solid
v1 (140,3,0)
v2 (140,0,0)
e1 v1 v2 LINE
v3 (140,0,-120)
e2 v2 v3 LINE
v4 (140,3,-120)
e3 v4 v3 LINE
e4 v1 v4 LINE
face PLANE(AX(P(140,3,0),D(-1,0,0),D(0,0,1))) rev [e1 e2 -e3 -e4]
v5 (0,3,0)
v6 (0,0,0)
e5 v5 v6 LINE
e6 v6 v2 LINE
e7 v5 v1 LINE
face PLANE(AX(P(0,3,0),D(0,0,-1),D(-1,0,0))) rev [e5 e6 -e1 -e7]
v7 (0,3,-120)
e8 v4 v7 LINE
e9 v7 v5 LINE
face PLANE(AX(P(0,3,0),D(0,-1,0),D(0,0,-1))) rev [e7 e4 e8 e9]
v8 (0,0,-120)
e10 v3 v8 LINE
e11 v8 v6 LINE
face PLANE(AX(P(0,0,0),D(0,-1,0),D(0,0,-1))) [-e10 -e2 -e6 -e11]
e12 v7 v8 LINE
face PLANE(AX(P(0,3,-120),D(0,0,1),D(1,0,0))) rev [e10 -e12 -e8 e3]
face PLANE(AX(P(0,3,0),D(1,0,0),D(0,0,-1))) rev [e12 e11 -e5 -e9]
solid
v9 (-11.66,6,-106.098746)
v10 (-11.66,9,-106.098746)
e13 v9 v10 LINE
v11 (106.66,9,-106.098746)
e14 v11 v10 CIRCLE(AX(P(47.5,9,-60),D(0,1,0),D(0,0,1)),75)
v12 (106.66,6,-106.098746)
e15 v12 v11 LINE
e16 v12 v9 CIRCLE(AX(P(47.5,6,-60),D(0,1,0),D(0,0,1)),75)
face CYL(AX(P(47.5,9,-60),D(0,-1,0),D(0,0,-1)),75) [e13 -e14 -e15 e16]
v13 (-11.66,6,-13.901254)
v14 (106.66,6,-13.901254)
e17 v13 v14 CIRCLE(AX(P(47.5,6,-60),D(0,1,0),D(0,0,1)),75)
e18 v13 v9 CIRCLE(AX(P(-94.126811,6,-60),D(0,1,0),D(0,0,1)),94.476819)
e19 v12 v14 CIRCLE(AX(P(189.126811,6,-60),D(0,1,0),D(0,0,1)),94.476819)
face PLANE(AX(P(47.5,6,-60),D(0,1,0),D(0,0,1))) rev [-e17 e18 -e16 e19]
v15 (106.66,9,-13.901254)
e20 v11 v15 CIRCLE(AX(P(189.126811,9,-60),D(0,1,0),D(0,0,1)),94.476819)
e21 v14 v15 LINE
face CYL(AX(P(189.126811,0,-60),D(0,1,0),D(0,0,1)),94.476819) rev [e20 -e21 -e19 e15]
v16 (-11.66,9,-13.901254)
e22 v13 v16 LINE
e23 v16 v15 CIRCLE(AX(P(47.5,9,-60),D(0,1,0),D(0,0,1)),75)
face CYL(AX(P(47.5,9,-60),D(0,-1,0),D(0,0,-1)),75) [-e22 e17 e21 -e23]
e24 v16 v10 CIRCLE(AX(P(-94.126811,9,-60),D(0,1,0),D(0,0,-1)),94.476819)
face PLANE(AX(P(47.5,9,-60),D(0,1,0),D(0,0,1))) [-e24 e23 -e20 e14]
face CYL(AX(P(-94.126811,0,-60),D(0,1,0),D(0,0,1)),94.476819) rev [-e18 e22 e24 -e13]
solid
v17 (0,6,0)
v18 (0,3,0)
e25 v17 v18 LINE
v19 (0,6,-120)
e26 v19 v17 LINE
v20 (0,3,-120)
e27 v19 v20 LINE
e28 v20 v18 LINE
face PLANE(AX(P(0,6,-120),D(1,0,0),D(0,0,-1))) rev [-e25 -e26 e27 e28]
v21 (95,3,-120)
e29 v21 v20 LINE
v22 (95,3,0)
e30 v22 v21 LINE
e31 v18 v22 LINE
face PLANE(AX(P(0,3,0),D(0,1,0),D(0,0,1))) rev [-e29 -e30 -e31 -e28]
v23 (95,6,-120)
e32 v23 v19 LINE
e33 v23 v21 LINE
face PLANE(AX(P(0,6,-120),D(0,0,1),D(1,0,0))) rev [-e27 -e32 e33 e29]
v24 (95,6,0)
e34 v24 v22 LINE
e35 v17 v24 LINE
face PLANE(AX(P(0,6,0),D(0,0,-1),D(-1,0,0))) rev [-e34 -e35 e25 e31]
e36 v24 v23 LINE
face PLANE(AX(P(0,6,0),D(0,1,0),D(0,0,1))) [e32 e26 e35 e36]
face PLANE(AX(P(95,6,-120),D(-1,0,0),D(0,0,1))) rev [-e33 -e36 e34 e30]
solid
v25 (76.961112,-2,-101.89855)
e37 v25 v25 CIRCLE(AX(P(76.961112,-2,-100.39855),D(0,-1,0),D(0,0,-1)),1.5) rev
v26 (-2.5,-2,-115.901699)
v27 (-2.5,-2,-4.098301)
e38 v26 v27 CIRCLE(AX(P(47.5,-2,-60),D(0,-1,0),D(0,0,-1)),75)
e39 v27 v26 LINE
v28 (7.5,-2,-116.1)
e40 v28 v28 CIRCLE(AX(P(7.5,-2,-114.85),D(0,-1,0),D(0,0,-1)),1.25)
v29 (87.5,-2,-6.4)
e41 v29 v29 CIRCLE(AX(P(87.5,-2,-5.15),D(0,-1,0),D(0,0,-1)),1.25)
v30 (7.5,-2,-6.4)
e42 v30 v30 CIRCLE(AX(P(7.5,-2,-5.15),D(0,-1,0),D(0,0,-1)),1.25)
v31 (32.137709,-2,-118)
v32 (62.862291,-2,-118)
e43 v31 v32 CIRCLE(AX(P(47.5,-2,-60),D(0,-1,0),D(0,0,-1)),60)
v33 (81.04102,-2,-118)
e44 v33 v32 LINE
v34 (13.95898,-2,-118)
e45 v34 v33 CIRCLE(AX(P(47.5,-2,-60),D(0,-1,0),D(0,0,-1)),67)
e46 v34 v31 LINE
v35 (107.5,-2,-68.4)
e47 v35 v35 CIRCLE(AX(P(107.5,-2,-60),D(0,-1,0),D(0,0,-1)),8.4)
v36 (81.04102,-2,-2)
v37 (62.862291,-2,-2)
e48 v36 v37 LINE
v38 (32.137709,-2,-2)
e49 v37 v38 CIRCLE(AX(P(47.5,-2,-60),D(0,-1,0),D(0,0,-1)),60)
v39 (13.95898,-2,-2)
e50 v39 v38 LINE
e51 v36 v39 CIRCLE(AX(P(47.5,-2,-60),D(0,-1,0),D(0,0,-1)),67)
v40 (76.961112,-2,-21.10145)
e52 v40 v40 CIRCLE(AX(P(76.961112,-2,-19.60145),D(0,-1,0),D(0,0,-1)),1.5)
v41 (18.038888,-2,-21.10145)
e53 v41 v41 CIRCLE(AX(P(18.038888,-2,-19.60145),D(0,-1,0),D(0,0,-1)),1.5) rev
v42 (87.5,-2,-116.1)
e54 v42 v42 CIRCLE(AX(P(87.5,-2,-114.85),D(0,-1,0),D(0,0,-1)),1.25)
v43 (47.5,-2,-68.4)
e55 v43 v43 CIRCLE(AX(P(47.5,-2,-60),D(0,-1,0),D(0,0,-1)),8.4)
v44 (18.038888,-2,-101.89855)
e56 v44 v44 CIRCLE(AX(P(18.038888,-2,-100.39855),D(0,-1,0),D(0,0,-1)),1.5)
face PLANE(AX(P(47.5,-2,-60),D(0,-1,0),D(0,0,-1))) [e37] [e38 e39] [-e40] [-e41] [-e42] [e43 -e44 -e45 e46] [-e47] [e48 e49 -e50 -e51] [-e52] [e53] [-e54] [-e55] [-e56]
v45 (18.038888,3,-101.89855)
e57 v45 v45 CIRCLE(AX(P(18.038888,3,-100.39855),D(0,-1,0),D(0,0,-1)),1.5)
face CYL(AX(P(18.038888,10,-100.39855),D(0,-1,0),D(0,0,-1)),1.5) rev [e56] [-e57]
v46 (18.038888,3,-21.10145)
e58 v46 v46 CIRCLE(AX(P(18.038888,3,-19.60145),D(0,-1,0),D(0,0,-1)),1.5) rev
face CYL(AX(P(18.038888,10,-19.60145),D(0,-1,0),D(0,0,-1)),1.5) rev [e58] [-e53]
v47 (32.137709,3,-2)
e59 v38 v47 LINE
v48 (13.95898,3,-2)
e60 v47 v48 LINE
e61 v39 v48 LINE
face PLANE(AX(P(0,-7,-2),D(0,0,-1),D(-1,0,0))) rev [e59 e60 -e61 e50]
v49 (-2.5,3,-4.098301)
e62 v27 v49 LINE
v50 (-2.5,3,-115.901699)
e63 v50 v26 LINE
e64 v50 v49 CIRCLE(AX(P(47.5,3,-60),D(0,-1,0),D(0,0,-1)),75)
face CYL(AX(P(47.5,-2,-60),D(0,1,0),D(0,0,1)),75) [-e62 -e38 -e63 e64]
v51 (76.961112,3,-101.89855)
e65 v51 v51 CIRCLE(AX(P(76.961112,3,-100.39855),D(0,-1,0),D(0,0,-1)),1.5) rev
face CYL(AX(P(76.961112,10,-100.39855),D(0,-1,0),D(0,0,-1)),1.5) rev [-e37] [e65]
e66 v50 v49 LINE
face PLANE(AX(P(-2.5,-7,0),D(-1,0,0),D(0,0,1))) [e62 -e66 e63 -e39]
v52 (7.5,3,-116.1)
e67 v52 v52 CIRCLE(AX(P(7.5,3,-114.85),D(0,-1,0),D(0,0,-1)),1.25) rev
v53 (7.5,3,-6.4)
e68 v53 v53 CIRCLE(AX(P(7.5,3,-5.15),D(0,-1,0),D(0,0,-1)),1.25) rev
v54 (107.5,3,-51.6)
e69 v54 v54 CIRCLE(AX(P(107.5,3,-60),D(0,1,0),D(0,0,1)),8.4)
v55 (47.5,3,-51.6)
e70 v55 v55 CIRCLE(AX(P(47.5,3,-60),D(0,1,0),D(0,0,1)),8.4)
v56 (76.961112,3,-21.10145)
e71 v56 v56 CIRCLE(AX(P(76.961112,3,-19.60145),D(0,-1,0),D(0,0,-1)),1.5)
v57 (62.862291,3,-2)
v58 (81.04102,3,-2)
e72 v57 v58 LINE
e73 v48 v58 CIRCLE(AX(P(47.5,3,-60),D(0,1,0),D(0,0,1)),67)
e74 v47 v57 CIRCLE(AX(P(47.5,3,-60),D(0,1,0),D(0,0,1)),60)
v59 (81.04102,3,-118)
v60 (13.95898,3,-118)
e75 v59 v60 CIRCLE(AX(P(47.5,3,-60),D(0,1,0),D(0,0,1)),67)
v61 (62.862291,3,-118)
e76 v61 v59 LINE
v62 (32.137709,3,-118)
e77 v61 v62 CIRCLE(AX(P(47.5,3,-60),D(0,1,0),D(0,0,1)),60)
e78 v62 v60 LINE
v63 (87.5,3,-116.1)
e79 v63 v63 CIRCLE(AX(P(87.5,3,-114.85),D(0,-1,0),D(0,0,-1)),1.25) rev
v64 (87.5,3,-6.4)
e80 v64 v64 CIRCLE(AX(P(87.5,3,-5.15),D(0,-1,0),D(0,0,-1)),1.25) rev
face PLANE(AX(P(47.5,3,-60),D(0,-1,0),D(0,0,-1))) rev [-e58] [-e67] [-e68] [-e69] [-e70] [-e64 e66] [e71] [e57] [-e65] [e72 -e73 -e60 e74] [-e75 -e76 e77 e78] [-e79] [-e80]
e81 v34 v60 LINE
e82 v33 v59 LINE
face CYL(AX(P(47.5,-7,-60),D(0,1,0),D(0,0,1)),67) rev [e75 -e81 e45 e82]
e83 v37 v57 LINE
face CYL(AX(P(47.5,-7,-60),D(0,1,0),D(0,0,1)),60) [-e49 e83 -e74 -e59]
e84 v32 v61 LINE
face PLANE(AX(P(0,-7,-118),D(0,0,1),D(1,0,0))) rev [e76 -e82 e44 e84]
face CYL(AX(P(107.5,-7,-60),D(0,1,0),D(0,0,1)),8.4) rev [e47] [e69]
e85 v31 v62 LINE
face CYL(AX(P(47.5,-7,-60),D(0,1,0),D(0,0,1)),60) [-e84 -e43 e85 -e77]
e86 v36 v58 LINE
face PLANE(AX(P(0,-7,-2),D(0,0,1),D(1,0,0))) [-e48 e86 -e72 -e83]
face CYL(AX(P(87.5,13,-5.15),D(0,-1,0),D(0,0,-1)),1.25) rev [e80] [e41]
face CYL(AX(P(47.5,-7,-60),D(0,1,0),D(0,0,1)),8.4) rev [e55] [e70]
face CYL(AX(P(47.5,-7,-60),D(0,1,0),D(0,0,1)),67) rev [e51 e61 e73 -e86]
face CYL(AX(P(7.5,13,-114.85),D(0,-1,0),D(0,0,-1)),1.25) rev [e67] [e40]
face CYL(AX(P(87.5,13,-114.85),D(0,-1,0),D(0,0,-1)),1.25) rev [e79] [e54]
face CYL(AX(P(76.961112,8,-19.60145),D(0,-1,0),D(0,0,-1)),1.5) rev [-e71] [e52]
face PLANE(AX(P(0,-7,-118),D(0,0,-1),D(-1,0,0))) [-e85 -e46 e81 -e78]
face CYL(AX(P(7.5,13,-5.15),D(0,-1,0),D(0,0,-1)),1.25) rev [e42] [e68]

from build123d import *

# Parameters (mm, degrees)
SKETCH1_W                   = 140
SKETCH1_H                   = 120
COMPACT_DEPTH               = 3
SKETCH4_W                   = 95
SKETCH4_H                   = 120
SUPERCOMPACT_DEPTH          = 3
SKETCH7_R                   = 75
APPLE_BASE_DEPTH            = 3
SIDECUTS_DEPTH              = 195.694632694
APPLE_BASE_2_DEPTH          = 3
BOSS_EXTRUDE4_DEPTH         = 3
BASE_PLATE_FILLET_R         = 0.001
TOP_BOTTOM_EXTENSIONS_DEPTH = 3
SKETCH35_R                  = 1.25
SPACERHOLES_DEPTH           = 10
CUT_EXTRUDE4_DEPTH          = 10
SKETCH39_R                  = 75
SKETCH39_R_2                = 1.25
BOSS_EXTRUDE5_DEPTH         = 5
CUT_EXTRUDE5_DEPTH          = 150
SKETCH41_R                  = 8.4
CUT_EXTRUDE6_DEPTH          = 10
SKETCH44_R                  = 8.4
CUT_EXTRUDE7_DEPTH          = 10
SKETCH45_R                  = 1.5
CUT_EXTRUDE8_DEPTH          = 12
SKETCH46_R                  = 1.5
CUT_EXTRUDE9_DEPTH          = 10
CUT_EXTRUDE10_DEPTH         = 10
CUT_EXTRUDE11_DEPTH         = 10


with BuildPart() as part:
    # Sketch1 → Compact (new body)
    with BuildSketch(Plane(origin=(0, 0, 0), x_dir=(1, 0, 0), z_dir=(0, 1, 0))):
        with Locations((70, 60)):
            Rectangle(SKETCH1_W, SKETCH1_H)
    extrude(amount=COMPACT_DEPTH)


with BuildPart() as body_2:
    # Sketch4 → SuperCompact (new body)
    with BuildSketch(Plane(origin=(0, 3, 0), x_dir=(1, 0, 0), z_dir=(0, 1, 0))):
        with Locations((47.5, 60)):
            Rectangle(SKETCH4_W, SKETCH4_H)
    extrude(amount=SUPERCOMPACT_DEPTH)


with BuildPart() as body_3:
    # Sketch7 → Apple Base (new body)
    with BuildSketch(Plane(origin=(0, 6, 0), x_dir=(1, 0, 0), z_dir=(0, 1, 0))):
        with Locations(Location((47.5, 60, 0), (0, 0, 270))):
            Circle(SKETCH7_R)
    extrude(amount=APPLE_BASE_DEPTH)

    # Sketch8 → SideCuts (cut, through all)
    with BuildSketch(Plane(origin=(0, 9, 0), x_dir=(1, 0, 0), z_dir=(0, 1, 0))):
        with BuildLine():
            ThreePointArc((-11.66, 106.098746187), (0.350007958, 60), (-11.66, 13.901253813))
            ThreePointArc((-11.66, 13.901253813), (-27.5, 60), (-11.66, 106.098746187))
        make_face()
        with BuildLine():
            ThreePointArc((106.66, 106.098746187), (94.649992042, 60), (106.66, 13.901253813))
            ThreePointArc((106.66, 13.901253813), (122.5, 60), (106.66, 106.098746187))
        make_face()
    extrude(amount=-SIDECUTS_DEPTH, mode=Mode.SUBTRACT)


with BuildPart() as body_4:
    # Sketch9 → Apple_Base 2 (new body)
    with BuildSketch(Plane.XZ.offset(-6)):
        with BuildLine():
            ThreePointArc((106.66, -13.901253813), (47.5, 15), (-11.66, -13.901253813))
            ThreePointArc((-11.66, -13.901253813), (0.350007958, -60), (-11.66, -106.098746187))
            ThreePointArc((-11.66, -106.098746187), (47.5, -135), (106.66, -106.098746187))
            ThreePointArc((106.66, -106.098746187), (94.649992042, -60), (106.66, -13.901253813))
        make_face()
    extrude(amount=APPLE_BASE_2_DEPTH)

    # Sketch10 → Boss-Extrude4 (add)
    with BuildSketch(Plane(origin=(0, 6, 0), x_dir=(1, 0, 0), z_dir=(0, 1, 0))):
        with BuildLine():
            Line((-11.66, 106.098746187), (-11.66, 13.901253813))
            ThreePointArc((-11.66, 13.901253813), (0.350007958, 60), (-11.66, 106.098746187))
        make_face()
        with BuildLine():
            Line((106.66, 106.098746187), (106.66, 13.901253813))
            ThreePointArc((106.66, 13.901253813), (94.649992042, 60), (106.66, 106.098746187))
        make_face()
    extrude(amount=-BOSS_EXTRUDE4_DEPTH)

    # Base_Plate_Fillet
    base_plate_fillet_edges = [body_4.edges().sort_by_distance(p)[0] for p in [
        (-11.66, 3, -60),
        (-11.66, 6, -60),
        (47.5, 3, -135),
        (106.66, 3, -60),
        (106.66, 6, -60),
        (47.5, 6, -135),
        (47.5, 6, 15),
        (106.66, 4.5, -106.098746187),
        (-11.66, 4.5, -106.098746187),
        (-11.66, 4.5, -13.901253813),
        (106.66, 4.5, -13.901253813),
        (47.5, 3, 15),
    ]]
    fillet(base_plate_fillet_edges, radius=BASE_PLATE_FILLET_R)

    # Sketch25 → Top Bottom extensions (add)
    with BuildSketch(Plane(origin=(0, 6, 0), x_dir=(1, 0, 0), z_dir=(0, 1, 0))):
        with BuildLine():
            Line((-11.659005821, 106.097402592), (-11.659005821, 111.097402592))
            ThreePointArc((-11.659005821, 111.097402592), (47.5, 138.794628322), (106.659005821, 111.097402592))
            Line((106.659005821, 111.097402592), (106.659005821, 106.097402592))
            ThreePointArc((106.659005821, 106.097402592), (47.5, 133.794628322), (-11.659005821, 106.097402592))
        make_face()
        with BuildLine():
            Line((106.659005821, 13.902597408), (106.659005821, 8.902597408))
            ThreePointArc((106.659005821, 8.902597408), (47.5, -18.794628322), (-11.659005821, 8.902597408))
            Line((-11.659005821, 8.902597408), (-11.659005821, 13.902597408))
            ThreePointArc((-11.659005821, 13.902597408), (47.5, -13.794628322), (106.659005821, 13.902597408))
        make_face()
    extrude(amount=-TOP_BOTTOM_EXTENSIONS_DEPTH)

    # Sketch35 → SpacerHoles (cut)
    with BuildSketch(Plane.XZ.offset(-3)):
        with Locations(Location((7.5, -5.15, 0), (0, 0, 270))):
            Circle(SKETCH35_R)
        with Locations(Location((87.5, -5.15, 0), (0, 0, 270))):
            Circle(SKETCH35_R)
        with Locations(Location((87.5, -114.85, 0), (0, 0, 270))):
            Circle(SKETCH35_R)
        with Locations(Location((7.5, -114.85, 0), (0, 0, 270))):
            Circle(SKETCH35_R)
    extrude(amount=-SPACERHOLES_DEPTH, mode=Mode.SUBTRACT)

    # Sketch38 → Cut-Extrude4 (cut)
    with BuildSketch(Plane.XZ.offset(-3)):
        Polygon((47.5, 37.050137759), (120.372278362, 37.050137759), (120.372278362, -158.601845129), (-29.177494987, -158.601845129), (-29.177494987, 37.050137759), align=None)
        Polygon((-6.659, -60), (-6.659, 24.702355976), (101.659, 24.702355976), (101.659, -143.843523469), (-6.659, -143.843523469), align=None, mode=Mode.SUBTRACT)
    extrude(amount=-CUT_EXTRUDE4_DEPTH, mode=Mode.SUBTRACT)

    # Sketch39 → Boss-Extrude5 (add)
    with BuildSketch(Plane.XZ.offset(-3)):
        with Locations(Location((47.5, -60, 0), (0, 0, 43.770209918))):
            Circle(SKETCH39_R)
        with Locations(Location((87.5, -5.15, 0), (0, 0, 270))):
            Circle(SKETCH39_R_2, mode=Mode.SUBTRACT)
        with Locations(Location((7.5, -5.15, 0), (0, 0, 270))):
            Circle(SKETCH39_R_2, mode=Mode.SUBTRACT)
        with Locations(Location((7.5, -114.85, 0), (0, 0, 270))):
            Circle(SKETCH39_R_2, mode=Mode.SUBTRACT)
        with Locations(Location((87.5, -114.85, 0), (0, 0, 270))):
            Circle(SKETCH39_R_2, mode=Mode.SUBTRACT)
    extrude(amount=BOSS_EXTRUDE5_DEPTH)

    # Sketch40 → Cut-Extrude5 (cut)
    with BuildSketch(Plane(origin=(101.659, 0, 0), x_dir=(0, 0, -1), z_dir=(1, 0, 0))):
        Polygon((3.460058054, 3), (-22.733784582, 3), (-22.733784582, 8.214035789), (147.50303534, 8.214035789), (147.50303534, 3), align=None)
    extrude(amount=-CUT_EXTRUDE5_DEPTH, mode=Mode.SUBTRACT)

    # Sketch41 → Cut-Extrude6 (cut)
    with BuildSketch(Plane(origin=(0, 3, 0), x_dir=(1, 0, 0), z_dir=(0, 1, 0))):
        with Locations(Location((47.5, 60, 0), (0, 0, 270))):
            Circle(SKETCH41_R)
    extrude(amount=-CUT_EXTRUDE6_DEPTH, mode=Mode.SUBTRACT)

    # Sketch44 → Cut-Extrude7 (cut)
    with BuildSketch(Plane(origin=(0, 3, 0), x_dir=(1, 0, 0), z_dir=(0, 1, 0))):
        with Locations(Location((107.5, 60, 0), (0, 0, 270))):
            Circle(SKETCH44_R)
    extrude(amount=-CUT_EXTRUDE7_DEPTH, mode=Mode.SUBTRACT)

    # Sketch45 → Cut-Extrude8 (cut)
    with BuildSketch(Plane.XZ.offset(2)):
        with Locations(Location((76.961112303, -100.398550245, 0), (0, 0, 270))):
            Circle(SKETCH45_R)
        with Locations(Location((18.038887697, -100.398550245, 0), (0, 0, 270))):
            Circle(SKETCH45_R)
        with Locations(Location((18.038887697, -19.601449755, 0), (0, 0, 270))):
            Circle(SKETCH45_R)
    extrude(amount=-CUT_EXTRUDE8_DEPTH, mode=Mode.SUBTRACT)

    # Sketch46 → Cut-Extrude9 (cut)
    with BuildSketch(Plane.XZ.offset(2)):
        with Locations(Location((76.961112303, -19.601449755, 0), (0, 0, 270))):
            Circle(SKETCH46_R)
    extrude(amount=-CUT_EXTRUDE9_DEPTH, mode=Mode.SUBTRACT)

    # Sketch48 → Cut-Extrude10 (cut)
    with BuildSketch(Plane(origin=(0, 3, 0), x_dir=(1, 0, 0), z_dir=(0, 1, 0))):
        with BuildLine():
            Line((-2.5, 4.098300563), (-2.5, 60))
            Line((-2.5, 60), (-2.5, 115.901699437))
            ThreePointArc((-2.5, 115.901699437), (-27.5, 60), (-2.5, 4.098300563))
        make_face()
    extrude(amount=-CUT_EXTRUDE10_DEPTH, mode=Mode.SUBTRACT)

    # Sketch49 → Cut-Extrude11 (cut)
    with BuildSketch(Plane(origin=(0, 3, 0), x_dir=(1, 0, 0), z_dir=(0, 1, 0))):
        with BuildLine():
            Line((62.862291496, 118), (81.041019662, 118))
            ThreePointArc((81.041019662, 118), (47.5, 127), (13.958980338, 118))
            Line((13.958980338, 118), (32.137708504, 118))
            ThreePointArc((32.137708504, 118), (47.5, 120), (62.862291496, 118))
        make_face()
        with BuildLine():
            ThreePointArc((32.137708504, 2), (47.5, 0), (62.862291496, 2))
            Line((62.862291496, 2), (81.041019662, 2))
            ThreePointArc((81.041019662, 2), (47.5, -7), (13.958980338, 2))
            Line((13.958980338, 2), (32.137708504, 2))
        make_face()
    extrude(amount=-CUT_EXTRUDE11_DEPTH, mode=Mode.SUBTRACT)


solid = Compound([part.part, body_2.part, body_3.part, body_4.part])
